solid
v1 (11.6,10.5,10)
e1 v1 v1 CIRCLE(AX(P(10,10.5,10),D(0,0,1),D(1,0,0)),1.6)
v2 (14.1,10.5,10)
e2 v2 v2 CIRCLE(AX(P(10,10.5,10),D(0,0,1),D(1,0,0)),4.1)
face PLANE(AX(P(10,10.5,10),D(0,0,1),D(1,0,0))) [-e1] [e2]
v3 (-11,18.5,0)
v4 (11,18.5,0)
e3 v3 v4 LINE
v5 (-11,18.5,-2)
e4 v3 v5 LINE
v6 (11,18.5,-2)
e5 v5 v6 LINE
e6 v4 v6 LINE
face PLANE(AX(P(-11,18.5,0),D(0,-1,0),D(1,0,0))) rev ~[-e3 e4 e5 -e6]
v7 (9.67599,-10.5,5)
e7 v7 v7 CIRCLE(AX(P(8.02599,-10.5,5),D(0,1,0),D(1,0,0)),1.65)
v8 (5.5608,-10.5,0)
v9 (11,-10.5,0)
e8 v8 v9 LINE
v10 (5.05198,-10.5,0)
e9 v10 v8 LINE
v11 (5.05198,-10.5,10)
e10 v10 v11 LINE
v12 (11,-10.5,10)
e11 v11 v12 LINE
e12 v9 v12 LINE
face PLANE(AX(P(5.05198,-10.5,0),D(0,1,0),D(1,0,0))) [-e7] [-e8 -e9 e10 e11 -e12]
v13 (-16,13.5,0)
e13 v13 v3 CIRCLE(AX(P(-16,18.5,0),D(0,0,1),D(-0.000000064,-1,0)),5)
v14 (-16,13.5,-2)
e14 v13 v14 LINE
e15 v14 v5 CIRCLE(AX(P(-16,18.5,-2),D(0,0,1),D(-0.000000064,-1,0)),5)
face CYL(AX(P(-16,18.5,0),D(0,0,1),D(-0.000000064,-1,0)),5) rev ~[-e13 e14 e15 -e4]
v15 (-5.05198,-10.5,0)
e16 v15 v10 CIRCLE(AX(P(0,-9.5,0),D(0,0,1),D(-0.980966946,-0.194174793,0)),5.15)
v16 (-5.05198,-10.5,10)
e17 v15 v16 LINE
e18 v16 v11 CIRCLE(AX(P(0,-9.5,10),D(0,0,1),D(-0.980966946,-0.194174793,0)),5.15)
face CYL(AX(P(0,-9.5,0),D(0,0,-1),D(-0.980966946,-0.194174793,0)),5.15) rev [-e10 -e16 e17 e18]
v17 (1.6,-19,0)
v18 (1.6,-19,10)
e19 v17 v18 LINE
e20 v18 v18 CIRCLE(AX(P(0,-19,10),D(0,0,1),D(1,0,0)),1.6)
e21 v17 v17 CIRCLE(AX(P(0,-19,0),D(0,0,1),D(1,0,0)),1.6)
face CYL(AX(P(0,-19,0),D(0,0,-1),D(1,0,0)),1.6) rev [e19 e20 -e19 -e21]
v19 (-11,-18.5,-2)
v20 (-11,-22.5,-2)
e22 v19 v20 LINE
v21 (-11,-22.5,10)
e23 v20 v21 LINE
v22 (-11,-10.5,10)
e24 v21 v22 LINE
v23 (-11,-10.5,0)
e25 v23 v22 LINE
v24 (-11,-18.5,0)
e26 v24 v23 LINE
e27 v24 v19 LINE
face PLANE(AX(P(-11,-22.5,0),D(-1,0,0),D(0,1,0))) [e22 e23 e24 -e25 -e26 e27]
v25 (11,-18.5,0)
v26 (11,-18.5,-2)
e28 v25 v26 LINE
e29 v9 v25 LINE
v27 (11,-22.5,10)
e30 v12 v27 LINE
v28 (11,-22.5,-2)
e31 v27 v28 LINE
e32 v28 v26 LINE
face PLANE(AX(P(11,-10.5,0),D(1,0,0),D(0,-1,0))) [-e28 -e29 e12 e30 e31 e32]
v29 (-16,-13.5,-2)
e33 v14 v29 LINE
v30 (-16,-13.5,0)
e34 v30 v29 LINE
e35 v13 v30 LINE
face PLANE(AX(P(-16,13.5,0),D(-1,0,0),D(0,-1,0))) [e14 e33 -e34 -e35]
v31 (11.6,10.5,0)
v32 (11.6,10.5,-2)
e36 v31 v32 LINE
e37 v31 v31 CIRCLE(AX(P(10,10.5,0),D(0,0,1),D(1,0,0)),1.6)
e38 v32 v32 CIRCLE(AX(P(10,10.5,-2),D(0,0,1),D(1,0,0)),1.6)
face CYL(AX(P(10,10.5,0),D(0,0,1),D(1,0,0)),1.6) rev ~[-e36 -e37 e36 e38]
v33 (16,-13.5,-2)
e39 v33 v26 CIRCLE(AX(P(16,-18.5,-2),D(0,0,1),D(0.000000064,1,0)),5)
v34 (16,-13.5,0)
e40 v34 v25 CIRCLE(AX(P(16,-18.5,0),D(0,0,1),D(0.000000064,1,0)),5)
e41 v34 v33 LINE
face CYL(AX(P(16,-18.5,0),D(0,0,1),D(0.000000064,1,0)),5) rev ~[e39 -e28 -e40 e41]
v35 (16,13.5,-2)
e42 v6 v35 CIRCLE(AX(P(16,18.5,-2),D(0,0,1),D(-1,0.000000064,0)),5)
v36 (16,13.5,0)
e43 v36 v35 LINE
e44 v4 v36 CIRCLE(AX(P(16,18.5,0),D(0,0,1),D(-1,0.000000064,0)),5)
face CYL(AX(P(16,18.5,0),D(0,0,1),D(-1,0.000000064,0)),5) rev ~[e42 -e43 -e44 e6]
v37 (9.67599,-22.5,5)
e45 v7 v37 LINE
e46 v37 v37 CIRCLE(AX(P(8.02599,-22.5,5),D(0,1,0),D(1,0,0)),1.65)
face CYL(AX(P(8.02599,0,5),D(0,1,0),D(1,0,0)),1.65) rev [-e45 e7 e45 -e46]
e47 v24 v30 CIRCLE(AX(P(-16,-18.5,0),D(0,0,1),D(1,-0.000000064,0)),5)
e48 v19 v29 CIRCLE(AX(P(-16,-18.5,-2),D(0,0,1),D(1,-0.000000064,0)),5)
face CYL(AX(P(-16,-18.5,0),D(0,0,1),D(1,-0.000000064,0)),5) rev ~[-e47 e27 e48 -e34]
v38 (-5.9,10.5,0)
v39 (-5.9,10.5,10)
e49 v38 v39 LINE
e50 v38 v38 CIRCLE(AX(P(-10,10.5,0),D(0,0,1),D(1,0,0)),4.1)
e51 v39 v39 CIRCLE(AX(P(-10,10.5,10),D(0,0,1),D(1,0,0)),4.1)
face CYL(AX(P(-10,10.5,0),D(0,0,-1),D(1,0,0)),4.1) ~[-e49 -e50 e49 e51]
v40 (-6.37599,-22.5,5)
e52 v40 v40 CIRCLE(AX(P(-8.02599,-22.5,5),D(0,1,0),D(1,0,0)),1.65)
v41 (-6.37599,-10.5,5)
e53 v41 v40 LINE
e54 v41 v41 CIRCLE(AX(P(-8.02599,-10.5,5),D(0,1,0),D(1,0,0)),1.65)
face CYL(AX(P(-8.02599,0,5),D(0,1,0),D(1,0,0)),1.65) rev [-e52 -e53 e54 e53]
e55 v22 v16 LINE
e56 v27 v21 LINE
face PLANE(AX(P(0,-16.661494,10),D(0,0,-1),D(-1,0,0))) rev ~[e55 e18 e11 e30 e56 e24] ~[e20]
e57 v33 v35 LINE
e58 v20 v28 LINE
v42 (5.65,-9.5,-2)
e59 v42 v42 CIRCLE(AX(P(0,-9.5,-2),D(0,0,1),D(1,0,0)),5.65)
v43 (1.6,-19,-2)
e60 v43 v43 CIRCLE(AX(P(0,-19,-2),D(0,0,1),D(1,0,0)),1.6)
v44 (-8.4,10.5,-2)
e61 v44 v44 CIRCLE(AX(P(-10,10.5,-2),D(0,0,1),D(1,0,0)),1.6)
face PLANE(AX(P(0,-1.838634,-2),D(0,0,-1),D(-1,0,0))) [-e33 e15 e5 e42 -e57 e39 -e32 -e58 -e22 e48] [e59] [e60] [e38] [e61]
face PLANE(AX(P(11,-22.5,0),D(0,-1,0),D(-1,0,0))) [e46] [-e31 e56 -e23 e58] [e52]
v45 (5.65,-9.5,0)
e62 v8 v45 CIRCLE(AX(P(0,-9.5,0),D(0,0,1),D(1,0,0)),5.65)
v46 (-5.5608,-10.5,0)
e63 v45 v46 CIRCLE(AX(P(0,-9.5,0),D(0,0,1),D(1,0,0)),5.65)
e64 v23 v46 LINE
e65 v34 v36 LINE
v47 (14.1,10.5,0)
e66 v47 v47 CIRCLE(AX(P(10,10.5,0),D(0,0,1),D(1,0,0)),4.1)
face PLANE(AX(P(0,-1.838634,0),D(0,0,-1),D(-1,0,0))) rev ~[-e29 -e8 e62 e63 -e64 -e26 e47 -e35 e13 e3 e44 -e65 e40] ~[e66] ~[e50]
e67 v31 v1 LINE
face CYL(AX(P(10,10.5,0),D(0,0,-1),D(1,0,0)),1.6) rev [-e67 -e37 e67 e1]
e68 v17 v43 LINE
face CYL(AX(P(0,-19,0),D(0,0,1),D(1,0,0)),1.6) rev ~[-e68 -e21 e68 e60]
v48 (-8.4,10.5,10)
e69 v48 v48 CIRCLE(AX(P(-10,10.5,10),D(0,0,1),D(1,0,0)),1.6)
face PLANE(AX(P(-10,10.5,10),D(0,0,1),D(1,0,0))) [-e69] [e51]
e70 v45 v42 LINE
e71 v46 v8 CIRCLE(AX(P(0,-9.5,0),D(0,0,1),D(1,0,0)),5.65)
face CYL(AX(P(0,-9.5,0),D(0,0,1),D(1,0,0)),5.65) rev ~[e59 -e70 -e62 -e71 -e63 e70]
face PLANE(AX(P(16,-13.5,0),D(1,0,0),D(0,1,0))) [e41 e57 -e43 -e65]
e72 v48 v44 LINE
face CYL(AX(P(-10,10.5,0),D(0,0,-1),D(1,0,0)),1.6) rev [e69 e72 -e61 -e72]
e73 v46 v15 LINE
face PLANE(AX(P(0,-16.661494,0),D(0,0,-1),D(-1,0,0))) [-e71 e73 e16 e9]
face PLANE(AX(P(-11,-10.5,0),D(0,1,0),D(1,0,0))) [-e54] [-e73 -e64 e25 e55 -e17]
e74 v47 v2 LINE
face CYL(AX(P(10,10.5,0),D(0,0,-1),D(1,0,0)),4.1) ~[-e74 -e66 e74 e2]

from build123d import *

# Parameters (mm, degrees)
SKETCH037_R     = 1.6
SKETCH037_R_2   = 5.65
PAD014_DEPTH    = 2
SKETCH038_R     = 4.1
SKETCH038_R_2   = 1.6
PAD015_DEPTH    = 10
SKETCH039_R     = 1.65
POCKET013_DEPTH = 22.501


with BuildPart() as part:
    # Sketch037 → Pad014 (new body)
    with BuildSketch(Plane.XY):
        with BuildLine():
            ThreePointArc((-16, 13.5), (-12.464466, 14.964466), (-11, 18.5))
            Line((-11, 18.5), (11, 18.5))
            ThreePointArc((11, 18.5), (12.464466, 14.964466), (16, 13.5))
            Line((16, -13.5), (16, 13.5))
            ThreePointArc((16, -13.5), (12.464466, -14.964466), (11, -18.5))
            Line((11, -22.5), (11, -18.5))
            Line((-11, -22.5), (11, -22.5))
            Line((-11, -18.5), (-11, -22.5))
            ThreePointArc((-11, -18.5), (-12.464466, -14.964466), (-16, -13.5))
            Line((-16, 13.5), (-16, -13.5))
        make_face()
        with Locations((-10, 10.5)):
            Circle(SKETCH037_R, mode=Mode.SUBTRACT)
        with Locations((10, 10.5)):
            Circle(SKETCH037_R, mode=Mode.SUBTRACT)
        with Locations((0, -9.5)):
            Circle(SKETCH037_R_2, mode=Mode.SUBTRACT)
        with Locations((0, -19)):
            Circle(SKETCH037_R, mode=Mode.SUBTRACT)
    extrude(amount=-PAD014_DEPTH)

    # Sketch038 → Pad015 (join)
    with BuildSketch(Plane.XY):
        with Locations((-10, 10.5)):
            Circle(SKETCH038_R)
        with Locations((-10, 10.5)):
            Circle(SKETCH038_R_2, mode=Mode.SUBTRACT)
        with Locations((10, 10.5)):
            Circle(SKETCH038_R)
        with Locations((10, 10.5)):
            Circle(SKETCH038_R_2, mode=Mode.SUBTRACT)
        with BuildLine():
            ThreePointArc((-5.05198, -10.5), (0, -14.65), (5.05198, -10.5))
            Line((5.05198, -10.5), (11, -10.5))
            Line((11, -10.5), (11, -22.5))
            Line((11, -22.5), (-11, -22.5))
            Line((-11, -22.5), (-11, -10.5))
            Line((-11, -10.5), (-5.05198, -10.5))
        make_face()
        with Locations((0, -19)):
            Circle(SKETCH038_R_2, mode=Mode.SUBTRACT)
    extrude(amount=PAD015_DEPTH)

    # Sketch039 → Pocket013 (cut, through all)
    with BuildSketch(Plane.XZ):
        with Locations((-8.02599, 5)):
            Circle(SKETCH039_R)
        with Locations((8.02599, 5)):
            Circle(SKETCH039_R)
    extrude(amount=POCKET013_DEPTH, mode=Mode.SUBTRACT)


solid = part.part
